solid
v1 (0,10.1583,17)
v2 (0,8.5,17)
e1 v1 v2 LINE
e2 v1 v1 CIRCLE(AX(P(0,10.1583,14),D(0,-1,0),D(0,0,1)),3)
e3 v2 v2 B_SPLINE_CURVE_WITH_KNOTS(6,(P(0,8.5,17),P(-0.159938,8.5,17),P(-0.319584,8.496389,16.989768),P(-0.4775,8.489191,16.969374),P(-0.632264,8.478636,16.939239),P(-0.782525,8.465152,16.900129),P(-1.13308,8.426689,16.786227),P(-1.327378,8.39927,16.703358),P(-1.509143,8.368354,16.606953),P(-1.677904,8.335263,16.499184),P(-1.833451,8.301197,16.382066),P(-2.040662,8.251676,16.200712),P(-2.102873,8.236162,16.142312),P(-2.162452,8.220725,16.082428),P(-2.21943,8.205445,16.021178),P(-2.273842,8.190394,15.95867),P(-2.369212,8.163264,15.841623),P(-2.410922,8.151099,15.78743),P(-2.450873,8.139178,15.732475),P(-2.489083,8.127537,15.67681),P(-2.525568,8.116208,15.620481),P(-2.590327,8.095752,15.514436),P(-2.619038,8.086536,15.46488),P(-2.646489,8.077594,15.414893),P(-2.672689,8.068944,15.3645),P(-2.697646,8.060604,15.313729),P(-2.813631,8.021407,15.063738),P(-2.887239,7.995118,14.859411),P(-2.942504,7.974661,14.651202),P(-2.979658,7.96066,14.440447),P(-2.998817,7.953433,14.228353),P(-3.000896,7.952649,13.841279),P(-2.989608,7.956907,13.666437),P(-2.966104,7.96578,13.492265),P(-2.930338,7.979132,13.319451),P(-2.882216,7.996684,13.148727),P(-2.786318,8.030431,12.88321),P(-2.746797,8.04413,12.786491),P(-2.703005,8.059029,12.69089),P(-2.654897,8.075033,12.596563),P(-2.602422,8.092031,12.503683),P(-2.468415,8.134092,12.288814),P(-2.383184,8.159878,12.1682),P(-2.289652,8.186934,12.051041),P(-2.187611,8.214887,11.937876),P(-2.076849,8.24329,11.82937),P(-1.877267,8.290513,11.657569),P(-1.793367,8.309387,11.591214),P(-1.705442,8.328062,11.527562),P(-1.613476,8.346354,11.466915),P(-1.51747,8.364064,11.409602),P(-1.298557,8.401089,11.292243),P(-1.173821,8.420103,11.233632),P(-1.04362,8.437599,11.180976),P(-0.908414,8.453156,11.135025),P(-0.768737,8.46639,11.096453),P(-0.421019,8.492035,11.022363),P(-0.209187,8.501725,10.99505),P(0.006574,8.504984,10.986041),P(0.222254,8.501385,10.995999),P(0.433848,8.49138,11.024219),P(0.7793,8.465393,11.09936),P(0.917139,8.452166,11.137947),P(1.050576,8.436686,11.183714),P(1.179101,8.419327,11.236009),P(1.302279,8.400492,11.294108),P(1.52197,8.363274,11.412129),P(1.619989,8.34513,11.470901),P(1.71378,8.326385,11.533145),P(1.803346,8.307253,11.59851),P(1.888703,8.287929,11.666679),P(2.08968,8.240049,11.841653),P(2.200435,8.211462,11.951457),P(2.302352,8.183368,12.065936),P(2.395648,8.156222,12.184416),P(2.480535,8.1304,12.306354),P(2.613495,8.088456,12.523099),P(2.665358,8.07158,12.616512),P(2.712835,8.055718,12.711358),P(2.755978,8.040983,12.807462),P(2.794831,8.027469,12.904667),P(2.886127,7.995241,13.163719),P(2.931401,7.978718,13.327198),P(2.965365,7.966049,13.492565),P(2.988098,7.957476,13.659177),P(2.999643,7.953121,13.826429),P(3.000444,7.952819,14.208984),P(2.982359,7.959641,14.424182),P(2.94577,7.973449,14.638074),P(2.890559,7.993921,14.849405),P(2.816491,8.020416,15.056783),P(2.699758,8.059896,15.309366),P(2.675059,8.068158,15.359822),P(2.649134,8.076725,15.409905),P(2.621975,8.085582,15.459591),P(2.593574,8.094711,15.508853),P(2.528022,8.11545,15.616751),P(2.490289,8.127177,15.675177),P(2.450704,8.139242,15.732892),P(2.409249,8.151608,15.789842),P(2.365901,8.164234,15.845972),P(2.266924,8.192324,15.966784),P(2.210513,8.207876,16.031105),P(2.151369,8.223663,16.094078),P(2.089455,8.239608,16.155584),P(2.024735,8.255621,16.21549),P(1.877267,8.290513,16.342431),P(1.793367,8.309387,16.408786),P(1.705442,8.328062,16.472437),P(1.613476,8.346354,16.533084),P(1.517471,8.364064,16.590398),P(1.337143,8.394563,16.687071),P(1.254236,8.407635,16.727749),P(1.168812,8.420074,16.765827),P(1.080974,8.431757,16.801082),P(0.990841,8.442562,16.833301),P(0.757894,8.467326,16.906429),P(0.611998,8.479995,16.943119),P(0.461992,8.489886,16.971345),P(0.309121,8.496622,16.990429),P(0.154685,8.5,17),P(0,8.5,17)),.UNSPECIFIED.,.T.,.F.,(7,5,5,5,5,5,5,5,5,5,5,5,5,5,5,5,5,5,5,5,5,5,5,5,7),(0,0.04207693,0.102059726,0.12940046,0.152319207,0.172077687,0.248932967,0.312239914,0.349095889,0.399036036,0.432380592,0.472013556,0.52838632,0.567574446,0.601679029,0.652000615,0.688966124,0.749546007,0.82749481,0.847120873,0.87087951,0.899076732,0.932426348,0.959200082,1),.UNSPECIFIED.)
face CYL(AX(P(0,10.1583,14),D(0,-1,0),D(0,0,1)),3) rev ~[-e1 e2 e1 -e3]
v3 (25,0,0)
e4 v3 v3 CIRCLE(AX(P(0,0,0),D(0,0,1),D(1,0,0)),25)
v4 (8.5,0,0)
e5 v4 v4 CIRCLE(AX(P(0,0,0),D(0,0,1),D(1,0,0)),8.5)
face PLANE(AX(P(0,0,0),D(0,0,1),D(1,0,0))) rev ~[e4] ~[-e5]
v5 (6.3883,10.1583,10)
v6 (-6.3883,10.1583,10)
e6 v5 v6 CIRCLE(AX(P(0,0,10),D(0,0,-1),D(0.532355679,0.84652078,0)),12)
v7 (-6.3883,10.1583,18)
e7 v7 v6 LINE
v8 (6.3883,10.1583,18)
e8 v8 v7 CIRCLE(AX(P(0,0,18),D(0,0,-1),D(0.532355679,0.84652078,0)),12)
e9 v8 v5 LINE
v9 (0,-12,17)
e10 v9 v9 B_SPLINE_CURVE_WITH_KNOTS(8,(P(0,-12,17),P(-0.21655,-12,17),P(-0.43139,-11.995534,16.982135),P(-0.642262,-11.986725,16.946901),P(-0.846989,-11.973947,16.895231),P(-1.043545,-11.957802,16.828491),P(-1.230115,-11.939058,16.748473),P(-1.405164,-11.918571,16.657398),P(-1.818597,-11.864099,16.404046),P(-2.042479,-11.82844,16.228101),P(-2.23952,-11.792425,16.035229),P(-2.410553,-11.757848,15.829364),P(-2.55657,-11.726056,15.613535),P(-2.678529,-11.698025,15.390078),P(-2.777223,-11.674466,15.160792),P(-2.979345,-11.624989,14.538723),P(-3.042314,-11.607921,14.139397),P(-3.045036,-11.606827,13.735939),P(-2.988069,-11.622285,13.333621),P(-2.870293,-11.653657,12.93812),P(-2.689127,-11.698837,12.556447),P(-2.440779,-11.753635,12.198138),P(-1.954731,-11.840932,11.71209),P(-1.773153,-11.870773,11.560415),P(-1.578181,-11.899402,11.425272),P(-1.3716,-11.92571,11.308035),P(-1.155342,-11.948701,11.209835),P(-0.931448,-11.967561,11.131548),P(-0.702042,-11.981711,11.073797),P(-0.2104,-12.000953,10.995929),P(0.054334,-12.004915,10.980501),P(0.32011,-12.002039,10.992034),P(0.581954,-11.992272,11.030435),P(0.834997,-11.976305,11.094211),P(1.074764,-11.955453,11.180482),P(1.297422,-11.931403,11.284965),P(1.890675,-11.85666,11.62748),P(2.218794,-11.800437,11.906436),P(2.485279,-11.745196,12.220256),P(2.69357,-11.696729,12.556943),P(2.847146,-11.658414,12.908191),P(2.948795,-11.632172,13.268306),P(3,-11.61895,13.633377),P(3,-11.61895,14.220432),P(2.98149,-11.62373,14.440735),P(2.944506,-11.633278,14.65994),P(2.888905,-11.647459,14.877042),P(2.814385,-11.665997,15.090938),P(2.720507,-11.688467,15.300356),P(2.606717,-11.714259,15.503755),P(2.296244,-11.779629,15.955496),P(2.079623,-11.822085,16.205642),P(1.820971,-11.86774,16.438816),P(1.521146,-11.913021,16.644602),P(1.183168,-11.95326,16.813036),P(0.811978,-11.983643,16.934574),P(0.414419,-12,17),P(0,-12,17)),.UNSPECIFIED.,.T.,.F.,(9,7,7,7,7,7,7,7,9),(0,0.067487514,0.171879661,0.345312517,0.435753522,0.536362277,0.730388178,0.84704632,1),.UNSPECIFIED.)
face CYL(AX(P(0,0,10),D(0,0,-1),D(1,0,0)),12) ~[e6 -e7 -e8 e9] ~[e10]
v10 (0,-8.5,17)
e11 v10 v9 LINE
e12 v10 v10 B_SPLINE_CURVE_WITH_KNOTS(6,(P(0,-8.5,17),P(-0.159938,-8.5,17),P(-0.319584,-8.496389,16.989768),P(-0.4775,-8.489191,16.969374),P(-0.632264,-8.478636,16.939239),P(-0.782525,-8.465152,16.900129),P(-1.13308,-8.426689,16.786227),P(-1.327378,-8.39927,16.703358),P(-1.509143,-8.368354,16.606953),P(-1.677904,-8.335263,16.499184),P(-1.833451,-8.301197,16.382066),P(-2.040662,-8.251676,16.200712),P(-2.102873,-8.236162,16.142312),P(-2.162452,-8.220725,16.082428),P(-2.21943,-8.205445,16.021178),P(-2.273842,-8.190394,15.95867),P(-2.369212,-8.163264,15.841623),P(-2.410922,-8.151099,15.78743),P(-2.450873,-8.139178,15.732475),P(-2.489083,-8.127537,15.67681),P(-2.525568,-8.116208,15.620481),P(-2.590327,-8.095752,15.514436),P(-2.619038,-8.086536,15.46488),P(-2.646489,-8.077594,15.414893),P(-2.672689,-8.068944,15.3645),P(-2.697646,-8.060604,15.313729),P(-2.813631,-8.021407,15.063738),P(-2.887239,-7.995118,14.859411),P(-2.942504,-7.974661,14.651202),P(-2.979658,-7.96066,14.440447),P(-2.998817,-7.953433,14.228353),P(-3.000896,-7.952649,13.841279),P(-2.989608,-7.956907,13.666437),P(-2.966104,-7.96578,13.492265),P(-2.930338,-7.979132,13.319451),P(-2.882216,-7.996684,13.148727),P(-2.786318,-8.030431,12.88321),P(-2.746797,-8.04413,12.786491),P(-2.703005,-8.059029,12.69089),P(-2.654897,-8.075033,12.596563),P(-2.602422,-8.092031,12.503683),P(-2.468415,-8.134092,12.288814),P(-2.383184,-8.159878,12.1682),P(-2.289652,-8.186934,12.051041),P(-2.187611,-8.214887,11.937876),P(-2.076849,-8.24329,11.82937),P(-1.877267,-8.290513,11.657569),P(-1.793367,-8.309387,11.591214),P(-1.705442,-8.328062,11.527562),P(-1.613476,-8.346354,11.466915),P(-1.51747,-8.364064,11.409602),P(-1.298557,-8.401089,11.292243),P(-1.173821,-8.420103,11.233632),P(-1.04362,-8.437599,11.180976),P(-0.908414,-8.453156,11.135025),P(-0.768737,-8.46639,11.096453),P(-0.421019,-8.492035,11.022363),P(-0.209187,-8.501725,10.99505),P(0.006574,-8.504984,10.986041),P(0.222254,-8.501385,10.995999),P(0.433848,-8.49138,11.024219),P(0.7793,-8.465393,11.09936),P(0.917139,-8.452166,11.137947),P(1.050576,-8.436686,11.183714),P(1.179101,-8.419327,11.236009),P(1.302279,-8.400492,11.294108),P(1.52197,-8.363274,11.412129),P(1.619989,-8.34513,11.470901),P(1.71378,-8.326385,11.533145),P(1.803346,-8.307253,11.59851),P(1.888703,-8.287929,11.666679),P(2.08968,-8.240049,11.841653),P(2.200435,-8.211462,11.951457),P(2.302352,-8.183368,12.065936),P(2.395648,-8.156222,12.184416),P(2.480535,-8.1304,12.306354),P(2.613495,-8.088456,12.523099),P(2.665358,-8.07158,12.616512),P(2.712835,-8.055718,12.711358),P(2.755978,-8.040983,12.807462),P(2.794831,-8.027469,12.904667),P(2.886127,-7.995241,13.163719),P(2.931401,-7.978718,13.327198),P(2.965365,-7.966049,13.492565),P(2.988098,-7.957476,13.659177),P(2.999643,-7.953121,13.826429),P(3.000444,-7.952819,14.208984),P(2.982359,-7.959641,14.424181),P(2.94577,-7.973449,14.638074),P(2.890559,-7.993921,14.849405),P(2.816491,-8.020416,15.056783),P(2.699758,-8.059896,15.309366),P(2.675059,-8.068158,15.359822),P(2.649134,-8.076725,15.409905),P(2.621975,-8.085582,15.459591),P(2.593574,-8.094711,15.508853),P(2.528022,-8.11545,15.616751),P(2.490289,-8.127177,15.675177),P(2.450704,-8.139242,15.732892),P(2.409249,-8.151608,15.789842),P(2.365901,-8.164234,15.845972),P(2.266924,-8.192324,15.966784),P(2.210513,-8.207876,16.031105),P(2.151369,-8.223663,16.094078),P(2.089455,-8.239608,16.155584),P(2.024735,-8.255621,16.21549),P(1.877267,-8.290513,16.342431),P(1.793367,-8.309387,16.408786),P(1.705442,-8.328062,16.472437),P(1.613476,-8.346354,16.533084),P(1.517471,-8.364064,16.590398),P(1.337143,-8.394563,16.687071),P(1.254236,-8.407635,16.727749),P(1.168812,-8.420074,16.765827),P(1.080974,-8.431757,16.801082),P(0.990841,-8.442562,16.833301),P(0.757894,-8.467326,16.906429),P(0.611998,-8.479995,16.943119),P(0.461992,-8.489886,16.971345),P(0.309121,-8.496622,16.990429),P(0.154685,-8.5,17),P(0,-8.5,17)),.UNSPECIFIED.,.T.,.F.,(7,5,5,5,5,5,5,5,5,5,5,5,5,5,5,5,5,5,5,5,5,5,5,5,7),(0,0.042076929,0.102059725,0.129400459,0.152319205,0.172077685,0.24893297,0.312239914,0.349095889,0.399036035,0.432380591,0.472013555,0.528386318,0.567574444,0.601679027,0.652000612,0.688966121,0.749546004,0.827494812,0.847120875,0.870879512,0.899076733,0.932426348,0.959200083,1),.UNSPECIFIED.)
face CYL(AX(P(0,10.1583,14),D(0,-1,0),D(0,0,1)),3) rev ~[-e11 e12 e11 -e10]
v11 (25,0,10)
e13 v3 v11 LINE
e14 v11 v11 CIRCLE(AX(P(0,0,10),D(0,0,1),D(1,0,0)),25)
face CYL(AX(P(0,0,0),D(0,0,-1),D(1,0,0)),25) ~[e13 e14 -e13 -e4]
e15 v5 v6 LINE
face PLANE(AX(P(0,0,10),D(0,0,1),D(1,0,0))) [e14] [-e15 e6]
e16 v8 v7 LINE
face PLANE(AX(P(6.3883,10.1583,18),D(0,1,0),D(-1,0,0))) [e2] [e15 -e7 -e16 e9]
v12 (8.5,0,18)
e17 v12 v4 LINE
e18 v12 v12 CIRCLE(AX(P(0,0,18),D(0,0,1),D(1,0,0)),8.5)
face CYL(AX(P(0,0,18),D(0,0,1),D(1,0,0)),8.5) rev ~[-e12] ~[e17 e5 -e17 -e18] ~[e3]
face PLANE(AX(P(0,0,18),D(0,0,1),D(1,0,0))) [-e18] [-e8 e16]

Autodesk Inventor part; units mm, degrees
ref_plane "YZ Plane" through (0, 0, 0) normal (1, 0, 0) x (0, 1, 0)
ref_plane "XZ Plane" through (0, 0, 0) normal (0, 1, 0) x (-1, 0, 0)
ref_plane "XY Plane" through (0, 0, 0) normal (0, 0, 1) x (1, 0, 0)
sketch "Sketch3" plane through (0, 0, 0) normal (0, 0, 1) x (1, 0, 0)
  circle A0 centre (0, 0) radius 25
  circle A1 centre (0, 0) radius 8.5
  dimension "d8" = 50
  dimension "d16" = 17
extrude "Extrusion3" add sketch "Sketch3" along normal blind 10 contours A0 | A1
sketch "Sketch4" plane through (0, 0, 10) normal (0, 0, 1) x (1, 0, 0)
  circle A0 centre (0, 0) radius 12
  circle A1 centre (0, 0) radius 8.5
  dimension "d12" = 24
  dimension "d17" = 17
extrude "Extrusion4" add sketch "Sketch4" along normal blind 8 contours A0 | A1
sketch "Sketch5" plane through (0, 0, 10) normal (0, 0, 1) x (1, 0, 0)
  point P0 (0, 0)
sketch "Sketch6" plane through (0, 0, 18) normal (0, 0, 1) x (1, 0, 0)
  circle A0 centre (0, 0) radius 8.5
  dimension "d18" = 17
extrude "Extrusion5" cut sketch "Sketch6" against normal blind 30
sketch "Sketch7" plane through (0, 0, 18) normal (0, 0, 1) x (1, 0, 0)
  circle A0 centre (0, 0) radius 12 projected
  line L0 (6.3883, 10.1583) -> (-6.3883, 10.1583)
  arc A1 (6.3883, 10.1583) -> (-6.3883, 10.1583) centre (0, 0) ccw
  arc A2 (6.3883, 10.1583) -> (-6.3883, 10.1583) centre (0, 0) ccw
extrude "Extrusion6" cut sketch "Sketch7" against normal blind 8 contours L0 A0 picked at (-1.322, 10.5474)
sketch "Sketch8" plane through (-6.3883, 10.1583, 18) normal (0, 1, 0) x (1, 0, 0)
  point P0 (6.3883, 18)
  point P1 (6.3883, 4)
hole "Hole1" at (0, 10.1583, 14) direction (0, -1, 0) diameter 6 end through all
properties part number "Project_Stationary_Wheel[1]"
